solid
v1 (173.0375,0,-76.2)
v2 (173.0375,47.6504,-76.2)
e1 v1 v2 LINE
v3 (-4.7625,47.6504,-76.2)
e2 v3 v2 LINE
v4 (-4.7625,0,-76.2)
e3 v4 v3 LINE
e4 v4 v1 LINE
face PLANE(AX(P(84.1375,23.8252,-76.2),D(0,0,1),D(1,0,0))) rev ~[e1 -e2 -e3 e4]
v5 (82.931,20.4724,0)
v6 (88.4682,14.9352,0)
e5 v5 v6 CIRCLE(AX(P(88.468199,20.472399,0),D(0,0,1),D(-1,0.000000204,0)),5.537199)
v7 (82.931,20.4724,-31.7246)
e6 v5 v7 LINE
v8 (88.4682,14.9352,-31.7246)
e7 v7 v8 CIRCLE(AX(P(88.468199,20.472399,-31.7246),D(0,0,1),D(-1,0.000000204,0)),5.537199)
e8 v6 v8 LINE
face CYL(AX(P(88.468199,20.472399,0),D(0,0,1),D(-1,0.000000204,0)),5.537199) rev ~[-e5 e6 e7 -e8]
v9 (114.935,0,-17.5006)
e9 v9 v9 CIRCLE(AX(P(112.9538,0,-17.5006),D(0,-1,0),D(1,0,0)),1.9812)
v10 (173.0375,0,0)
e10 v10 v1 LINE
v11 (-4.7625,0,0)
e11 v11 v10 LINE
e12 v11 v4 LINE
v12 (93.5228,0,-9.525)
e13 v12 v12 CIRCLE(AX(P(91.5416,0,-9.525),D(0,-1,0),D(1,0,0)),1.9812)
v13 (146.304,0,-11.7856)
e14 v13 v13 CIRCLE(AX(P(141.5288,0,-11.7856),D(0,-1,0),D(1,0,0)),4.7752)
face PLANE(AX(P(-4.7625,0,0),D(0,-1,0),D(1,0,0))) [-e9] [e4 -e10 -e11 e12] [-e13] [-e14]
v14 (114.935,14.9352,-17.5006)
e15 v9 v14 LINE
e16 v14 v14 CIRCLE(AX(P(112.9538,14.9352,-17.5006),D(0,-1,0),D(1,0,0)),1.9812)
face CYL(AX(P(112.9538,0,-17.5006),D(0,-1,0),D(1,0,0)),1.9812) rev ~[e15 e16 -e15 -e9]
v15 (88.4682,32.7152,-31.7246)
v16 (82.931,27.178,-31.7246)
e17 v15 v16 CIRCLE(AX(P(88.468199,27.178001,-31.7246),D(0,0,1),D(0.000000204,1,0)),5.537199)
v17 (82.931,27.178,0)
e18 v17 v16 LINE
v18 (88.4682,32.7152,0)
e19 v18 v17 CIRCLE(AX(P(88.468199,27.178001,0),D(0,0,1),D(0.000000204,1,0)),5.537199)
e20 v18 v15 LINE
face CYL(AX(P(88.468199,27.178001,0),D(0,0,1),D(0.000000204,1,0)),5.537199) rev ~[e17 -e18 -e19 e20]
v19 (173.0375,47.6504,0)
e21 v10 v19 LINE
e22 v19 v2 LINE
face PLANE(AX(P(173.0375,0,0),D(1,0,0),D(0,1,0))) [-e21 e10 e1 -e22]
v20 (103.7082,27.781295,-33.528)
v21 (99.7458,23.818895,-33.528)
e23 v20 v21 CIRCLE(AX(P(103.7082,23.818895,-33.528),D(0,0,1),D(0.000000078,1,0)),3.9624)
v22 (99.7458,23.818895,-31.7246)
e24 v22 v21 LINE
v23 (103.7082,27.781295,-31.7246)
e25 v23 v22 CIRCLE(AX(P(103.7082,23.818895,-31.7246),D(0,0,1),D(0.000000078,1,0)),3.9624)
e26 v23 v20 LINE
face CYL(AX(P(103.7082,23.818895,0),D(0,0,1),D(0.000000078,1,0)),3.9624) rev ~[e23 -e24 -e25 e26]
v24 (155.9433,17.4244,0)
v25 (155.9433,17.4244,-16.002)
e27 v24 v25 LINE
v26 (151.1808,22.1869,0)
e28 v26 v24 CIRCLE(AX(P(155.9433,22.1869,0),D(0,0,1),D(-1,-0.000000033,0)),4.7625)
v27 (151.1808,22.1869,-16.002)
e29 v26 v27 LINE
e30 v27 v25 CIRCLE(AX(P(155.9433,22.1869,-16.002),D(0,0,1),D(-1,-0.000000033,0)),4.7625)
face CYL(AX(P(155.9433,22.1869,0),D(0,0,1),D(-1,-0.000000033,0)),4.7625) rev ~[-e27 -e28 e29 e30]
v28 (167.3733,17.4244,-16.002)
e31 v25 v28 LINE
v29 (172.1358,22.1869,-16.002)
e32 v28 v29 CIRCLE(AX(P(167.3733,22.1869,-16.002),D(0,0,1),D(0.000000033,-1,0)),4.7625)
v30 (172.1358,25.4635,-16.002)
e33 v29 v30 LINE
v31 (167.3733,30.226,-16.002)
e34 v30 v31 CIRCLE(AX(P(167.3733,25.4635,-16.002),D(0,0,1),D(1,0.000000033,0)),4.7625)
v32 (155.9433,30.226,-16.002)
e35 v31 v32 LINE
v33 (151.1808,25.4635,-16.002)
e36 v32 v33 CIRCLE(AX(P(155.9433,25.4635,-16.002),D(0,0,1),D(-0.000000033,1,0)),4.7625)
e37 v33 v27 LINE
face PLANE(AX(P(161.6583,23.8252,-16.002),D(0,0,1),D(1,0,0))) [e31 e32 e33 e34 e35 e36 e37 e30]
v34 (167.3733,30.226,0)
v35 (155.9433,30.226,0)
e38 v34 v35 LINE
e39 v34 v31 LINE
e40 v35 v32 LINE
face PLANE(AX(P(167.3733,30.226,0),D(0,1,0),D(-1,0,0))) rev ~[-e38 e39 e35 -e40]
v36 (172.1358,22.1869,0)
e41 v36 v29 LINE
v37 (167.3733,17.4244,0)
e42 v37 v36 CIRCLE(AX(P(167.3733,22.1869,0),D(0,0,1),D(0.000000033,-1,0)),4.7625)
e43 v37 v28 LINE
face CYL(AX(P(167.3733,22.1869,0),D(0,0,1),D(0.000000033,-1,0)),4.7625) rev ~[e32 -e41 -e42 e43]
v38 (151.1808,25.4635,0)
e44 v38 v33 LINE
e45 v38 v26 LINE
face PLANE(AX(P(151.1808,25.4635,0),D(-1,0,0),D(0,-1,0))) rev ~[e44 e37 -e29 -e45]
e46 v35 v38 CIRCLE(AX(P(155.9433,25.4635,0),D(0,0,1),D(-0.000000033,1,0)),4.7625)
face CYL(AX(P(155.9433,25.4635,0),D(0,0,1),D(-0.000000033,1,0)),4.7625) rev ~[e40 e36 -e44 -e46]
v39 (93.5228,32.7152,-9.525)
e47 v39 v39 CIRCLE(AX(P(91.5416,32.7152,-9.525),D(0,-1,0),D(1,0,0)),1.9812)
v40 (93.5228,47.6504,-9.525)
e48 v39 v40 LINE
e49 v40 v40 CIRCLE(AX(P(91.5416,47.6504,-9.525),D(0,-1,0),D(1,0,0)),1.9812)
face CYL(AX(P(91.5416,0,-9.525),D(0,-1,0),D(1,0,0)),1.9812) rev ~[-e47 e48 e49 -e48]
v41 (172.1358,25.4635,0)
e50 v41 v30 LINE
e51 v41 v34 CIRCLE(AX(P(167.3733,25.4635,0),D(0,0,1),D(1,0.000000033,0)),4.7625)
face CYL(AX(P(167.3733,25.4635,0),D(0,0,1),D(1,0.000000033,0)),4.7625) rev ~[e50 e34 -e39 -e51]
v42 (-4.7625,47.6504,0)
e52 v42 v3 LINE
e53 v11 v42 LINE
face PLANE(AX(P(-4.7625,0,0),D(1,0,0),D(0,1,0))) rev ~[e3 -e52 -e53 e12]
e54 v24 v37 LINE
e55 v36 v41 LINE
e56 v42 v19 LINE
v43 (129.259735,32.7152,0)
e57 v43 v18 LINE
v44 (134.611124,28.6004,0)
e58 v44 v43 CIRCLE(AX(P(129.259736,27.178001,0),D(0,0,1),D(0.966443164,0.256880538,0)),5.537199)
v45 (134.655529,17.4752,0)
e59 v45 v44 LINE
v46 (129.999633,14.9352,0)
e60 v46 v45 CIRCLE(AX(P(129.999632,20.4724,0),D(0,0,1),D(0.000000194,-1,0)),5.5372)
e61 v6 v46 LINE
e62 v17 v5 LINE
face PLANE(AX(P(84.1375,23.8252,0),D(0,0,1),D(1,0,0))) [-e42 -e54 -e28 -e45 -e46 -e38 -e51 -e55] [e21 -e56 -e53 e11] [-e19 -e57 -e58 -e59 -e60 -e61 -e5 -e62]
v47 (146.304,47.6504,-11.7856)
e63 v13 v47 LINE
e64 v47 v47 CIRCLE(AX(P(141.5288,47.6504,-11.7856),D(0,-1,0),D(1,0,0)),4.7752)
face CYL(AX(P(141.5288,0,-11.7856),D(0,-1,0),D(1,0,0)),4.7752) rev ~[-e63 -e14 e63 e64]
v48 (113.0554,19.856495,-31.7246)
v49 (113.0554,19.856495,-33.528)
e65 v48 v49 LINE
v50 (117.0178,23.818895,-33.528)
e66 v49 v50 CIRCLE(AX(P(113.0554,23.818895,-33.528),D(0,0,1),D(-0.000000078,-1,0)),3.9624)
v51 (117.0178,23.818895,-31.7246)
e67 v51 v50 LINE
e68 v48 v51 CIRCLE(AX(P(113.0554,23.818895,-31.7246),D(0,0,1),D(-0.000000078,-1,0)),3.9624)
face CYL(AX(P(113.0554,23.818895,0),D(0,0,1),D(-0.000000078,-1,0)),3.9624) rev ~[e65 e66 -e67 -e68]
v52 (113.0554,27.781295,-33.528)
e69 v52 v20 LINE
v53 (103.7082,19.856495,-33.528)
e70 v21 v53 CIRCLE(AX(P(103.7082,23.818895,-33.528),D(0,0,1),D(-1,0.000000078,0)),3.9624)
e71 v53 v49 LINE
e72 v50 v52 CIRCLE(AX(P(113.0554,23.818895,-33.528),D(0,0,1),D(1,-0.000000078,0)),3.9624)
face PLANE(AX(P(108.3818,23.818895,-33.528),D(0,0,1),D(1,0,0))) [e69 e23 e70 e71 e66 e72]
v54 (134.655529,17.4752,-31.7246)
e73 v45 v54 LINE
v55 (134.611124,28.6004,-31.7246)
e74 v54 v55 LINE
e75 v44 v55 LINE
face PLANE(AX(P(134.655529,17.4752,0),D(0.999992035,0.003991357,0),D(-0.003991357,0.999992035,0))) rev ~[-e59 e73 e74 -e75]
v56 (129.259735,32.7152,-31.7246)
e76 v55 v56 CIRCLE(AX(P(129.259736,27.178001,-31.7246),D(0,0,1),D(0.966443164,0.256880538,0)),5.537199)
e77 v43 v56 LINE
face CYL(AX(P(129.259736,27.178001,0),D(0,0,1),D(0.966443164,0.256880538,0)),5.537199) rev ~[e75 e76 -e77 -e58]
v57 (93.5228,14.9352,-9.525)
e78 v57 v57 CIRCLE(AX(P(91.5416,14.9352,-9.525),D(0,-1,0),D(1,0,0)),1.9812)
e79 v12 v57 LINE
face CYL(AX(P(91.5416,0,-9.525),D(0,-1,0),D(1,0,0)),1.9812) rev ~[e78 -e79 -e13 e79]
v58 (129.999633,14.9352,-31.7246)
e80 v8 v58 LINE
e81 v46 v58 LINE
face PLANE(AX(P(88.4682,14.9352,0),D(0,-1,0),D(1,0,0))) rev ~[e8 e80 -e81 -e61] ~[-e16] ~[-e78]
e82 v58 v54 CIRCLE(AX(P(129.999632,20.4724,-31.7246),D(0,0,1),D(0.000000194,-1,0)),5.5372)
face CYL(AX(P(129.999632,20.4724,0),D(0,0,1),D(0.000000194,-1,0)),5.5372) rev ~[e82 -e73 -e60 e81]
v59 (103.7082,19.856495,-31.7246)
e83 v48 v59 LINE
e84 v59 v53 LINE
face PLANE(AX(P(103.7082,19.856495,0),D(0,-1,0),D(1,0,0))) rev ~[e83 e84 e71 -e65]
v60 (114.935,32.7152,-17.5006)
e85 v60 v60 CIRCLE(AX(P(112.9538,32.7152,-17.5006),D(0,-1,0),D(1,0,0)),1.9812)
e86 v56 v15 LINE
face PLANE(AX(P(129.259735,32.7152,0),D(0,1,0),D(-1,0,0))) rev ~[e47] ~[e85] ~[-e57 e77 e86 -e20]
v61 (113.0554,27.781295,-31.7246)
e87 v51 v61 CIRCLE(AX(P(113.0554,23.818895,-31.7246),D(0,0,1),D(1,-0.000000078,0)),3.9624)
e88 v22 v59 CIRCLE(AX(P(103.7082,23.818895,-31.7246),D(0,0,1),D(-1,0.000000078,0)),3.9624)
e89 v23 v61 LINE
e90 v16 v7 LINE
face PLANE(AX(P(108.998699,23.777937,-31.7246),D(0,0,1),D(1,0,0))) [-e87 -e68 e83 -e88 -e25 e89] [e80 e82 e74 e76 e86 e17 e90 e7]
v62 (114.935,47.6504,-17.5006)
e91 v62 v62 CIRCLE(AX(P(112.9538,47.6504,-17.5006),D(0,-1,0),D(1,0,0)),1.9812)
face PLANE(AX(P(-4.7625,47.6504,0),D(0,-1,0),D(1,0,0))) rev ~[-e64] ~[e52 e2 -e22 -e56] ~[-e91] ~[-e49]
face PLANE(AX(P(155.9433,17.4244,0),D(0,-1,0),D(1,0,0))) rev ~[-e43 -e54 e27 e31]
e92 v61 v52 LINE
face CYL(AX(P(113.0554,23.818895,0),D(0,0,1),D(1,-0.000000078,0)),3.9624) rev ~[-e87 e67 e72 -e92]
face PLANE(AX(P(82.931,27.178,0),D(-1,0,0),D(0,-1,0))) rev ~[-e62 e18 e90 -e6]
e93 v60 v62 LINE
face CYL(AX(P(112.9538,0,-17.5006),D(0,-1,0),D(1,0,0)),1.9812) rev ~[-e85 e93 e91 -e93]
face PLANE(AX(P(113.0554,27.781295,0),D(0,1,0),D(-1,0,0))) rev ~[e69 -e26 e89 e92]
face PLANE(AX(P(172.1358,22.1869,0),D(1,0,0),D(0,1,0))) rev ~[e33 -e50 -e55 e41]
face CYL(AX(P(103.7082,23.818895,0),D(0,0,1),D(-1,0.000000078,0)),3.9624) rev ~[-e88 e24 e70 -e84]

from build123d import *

# Parameters (mm, degrees)
F0_W     = 177.8
F0_H     = 47.6504
F1_DEPTH = 76.2
F2_R     = 4.7752
F2_R_2   = 1.9812
F3_DEPTH = 47.6514
F5_DEPTH = 16.002
F7_DEPTH = 33.528
F9_DEPTH = 31.7246


with BuildPart() as f1:
    # F0 (on Top) → F1 (new body)
    with BuildSketch(Plane.XY):
        with Locations((84.1375, 23.8252)):
            Rectangle(F0_W, F0_H)
    extrude(amount=-F1_DEPTH)

    # F2 (on Front) → F3 (cut, through all)
    with BuildSketch(Plane.XZ):
        with Locations((141.5288, -11.7856)):
            Circle(F2_R)
        with Locations((112.9538, -17.5006)):
            Circle(F2_R_2)
        with Locations((91.5416, -9.525)):
            Circle(F2_R_2)
    extrude(amount=-F3_DEPTH, mode=Mode.SUBTRACT)

    # F4 (on face) → F5 (cut)
    with BuildSketch(Plane.XY):
        with BuildLine():
            Line((172.1358, 22.1869), (172.1358, 25.4635))
            ThreePointArc((172.1358, 25.4635), (170.740896, 28.831096), (167.3733, 30.226))
            Line((167.3733, 30.226), (155.9433, 30.226))
            ThreePointArc((155.9433, 30.226), (152.575704, 28.831096), (151.1808, 25.4635))
            Line((151.1808, 25.4635), (151.1808, 22.1869))
            ThreePointArc((151.1808, 22.1869), (152.575704, 18.819304), (155.9433, 17.4244))
            Line((155.9433, 17.4244), (157.523438, 17.4244))
            Line((157.523438, 17.4244), (167.3733, 17.4244))
            ThreePointArc((167.3733, 17.4244), (170.740896, 18.819304), (172.1358, 22.1869))
        make_face()
    extrude(amount=-F5_DEPTH, mode=Mode.SUBTRACT)

    # F6 (on face) → F7 (cut)
    with BuildSketch(Plane.XY):
        with BuildLine():
            Line((113.0554, 27.781295), (103.7082, 27.781295))
            ThreePointArc((103.7082, 27.781295), (100.90636, 26.620735), (99.7458, 23.818895))
            ThreePointArc((99.7458, 23.818895), (100.90636, 21.017055), (103.7082, 19.856495))
            Line((103.7082, 19.856495), (113.0554, 19.856495))
            ThreePointArc((113.0554, 19.856495), (115.85724, 21.017055), (117.0178, 23.818895))
            ThreePointArc((117.0178, 23.818895), (115.85724, 26.620735), (113.0554, 27.781295))
        make_face()
    extrude(amount=-F7_DEPTH, mode=Mode.SUBTRACT)

    # F8 (on Top) → F9 (cut)
    with BuildSketch(Plane.XY):
        with BuildLine():
            Line((129.259735, 32.7152), (88.4682, 32.7152))
            ThreePointArc((88.4682, 32.7152), (84.552808, 31.093392), (82.931, 27.178))
            Line((82.931, 27.178), (82.931, 20.4724))
            ThreePointArc((82.931, 20.4724), (84.552808, 16.557008), (88.4682, 14.9352))
            Line((88.4682, 14.9352), (129.999633, 14.9352))
            ThreePointArc((129.999633, 14.9352), (132.65147, 15.611501), (134.655529, 17.4752))
            Line((134.655529, 17.4752), (134.611124, 28.6004))
            ThreePointArc((134.611124, 28.6004), (132.634974, 31.567573), (129.259735, 32.7152))
        make_face()
    extrude(amount=-F9_DEPTH, mode=Mode.SUBTRACT)


solid = f1.part
